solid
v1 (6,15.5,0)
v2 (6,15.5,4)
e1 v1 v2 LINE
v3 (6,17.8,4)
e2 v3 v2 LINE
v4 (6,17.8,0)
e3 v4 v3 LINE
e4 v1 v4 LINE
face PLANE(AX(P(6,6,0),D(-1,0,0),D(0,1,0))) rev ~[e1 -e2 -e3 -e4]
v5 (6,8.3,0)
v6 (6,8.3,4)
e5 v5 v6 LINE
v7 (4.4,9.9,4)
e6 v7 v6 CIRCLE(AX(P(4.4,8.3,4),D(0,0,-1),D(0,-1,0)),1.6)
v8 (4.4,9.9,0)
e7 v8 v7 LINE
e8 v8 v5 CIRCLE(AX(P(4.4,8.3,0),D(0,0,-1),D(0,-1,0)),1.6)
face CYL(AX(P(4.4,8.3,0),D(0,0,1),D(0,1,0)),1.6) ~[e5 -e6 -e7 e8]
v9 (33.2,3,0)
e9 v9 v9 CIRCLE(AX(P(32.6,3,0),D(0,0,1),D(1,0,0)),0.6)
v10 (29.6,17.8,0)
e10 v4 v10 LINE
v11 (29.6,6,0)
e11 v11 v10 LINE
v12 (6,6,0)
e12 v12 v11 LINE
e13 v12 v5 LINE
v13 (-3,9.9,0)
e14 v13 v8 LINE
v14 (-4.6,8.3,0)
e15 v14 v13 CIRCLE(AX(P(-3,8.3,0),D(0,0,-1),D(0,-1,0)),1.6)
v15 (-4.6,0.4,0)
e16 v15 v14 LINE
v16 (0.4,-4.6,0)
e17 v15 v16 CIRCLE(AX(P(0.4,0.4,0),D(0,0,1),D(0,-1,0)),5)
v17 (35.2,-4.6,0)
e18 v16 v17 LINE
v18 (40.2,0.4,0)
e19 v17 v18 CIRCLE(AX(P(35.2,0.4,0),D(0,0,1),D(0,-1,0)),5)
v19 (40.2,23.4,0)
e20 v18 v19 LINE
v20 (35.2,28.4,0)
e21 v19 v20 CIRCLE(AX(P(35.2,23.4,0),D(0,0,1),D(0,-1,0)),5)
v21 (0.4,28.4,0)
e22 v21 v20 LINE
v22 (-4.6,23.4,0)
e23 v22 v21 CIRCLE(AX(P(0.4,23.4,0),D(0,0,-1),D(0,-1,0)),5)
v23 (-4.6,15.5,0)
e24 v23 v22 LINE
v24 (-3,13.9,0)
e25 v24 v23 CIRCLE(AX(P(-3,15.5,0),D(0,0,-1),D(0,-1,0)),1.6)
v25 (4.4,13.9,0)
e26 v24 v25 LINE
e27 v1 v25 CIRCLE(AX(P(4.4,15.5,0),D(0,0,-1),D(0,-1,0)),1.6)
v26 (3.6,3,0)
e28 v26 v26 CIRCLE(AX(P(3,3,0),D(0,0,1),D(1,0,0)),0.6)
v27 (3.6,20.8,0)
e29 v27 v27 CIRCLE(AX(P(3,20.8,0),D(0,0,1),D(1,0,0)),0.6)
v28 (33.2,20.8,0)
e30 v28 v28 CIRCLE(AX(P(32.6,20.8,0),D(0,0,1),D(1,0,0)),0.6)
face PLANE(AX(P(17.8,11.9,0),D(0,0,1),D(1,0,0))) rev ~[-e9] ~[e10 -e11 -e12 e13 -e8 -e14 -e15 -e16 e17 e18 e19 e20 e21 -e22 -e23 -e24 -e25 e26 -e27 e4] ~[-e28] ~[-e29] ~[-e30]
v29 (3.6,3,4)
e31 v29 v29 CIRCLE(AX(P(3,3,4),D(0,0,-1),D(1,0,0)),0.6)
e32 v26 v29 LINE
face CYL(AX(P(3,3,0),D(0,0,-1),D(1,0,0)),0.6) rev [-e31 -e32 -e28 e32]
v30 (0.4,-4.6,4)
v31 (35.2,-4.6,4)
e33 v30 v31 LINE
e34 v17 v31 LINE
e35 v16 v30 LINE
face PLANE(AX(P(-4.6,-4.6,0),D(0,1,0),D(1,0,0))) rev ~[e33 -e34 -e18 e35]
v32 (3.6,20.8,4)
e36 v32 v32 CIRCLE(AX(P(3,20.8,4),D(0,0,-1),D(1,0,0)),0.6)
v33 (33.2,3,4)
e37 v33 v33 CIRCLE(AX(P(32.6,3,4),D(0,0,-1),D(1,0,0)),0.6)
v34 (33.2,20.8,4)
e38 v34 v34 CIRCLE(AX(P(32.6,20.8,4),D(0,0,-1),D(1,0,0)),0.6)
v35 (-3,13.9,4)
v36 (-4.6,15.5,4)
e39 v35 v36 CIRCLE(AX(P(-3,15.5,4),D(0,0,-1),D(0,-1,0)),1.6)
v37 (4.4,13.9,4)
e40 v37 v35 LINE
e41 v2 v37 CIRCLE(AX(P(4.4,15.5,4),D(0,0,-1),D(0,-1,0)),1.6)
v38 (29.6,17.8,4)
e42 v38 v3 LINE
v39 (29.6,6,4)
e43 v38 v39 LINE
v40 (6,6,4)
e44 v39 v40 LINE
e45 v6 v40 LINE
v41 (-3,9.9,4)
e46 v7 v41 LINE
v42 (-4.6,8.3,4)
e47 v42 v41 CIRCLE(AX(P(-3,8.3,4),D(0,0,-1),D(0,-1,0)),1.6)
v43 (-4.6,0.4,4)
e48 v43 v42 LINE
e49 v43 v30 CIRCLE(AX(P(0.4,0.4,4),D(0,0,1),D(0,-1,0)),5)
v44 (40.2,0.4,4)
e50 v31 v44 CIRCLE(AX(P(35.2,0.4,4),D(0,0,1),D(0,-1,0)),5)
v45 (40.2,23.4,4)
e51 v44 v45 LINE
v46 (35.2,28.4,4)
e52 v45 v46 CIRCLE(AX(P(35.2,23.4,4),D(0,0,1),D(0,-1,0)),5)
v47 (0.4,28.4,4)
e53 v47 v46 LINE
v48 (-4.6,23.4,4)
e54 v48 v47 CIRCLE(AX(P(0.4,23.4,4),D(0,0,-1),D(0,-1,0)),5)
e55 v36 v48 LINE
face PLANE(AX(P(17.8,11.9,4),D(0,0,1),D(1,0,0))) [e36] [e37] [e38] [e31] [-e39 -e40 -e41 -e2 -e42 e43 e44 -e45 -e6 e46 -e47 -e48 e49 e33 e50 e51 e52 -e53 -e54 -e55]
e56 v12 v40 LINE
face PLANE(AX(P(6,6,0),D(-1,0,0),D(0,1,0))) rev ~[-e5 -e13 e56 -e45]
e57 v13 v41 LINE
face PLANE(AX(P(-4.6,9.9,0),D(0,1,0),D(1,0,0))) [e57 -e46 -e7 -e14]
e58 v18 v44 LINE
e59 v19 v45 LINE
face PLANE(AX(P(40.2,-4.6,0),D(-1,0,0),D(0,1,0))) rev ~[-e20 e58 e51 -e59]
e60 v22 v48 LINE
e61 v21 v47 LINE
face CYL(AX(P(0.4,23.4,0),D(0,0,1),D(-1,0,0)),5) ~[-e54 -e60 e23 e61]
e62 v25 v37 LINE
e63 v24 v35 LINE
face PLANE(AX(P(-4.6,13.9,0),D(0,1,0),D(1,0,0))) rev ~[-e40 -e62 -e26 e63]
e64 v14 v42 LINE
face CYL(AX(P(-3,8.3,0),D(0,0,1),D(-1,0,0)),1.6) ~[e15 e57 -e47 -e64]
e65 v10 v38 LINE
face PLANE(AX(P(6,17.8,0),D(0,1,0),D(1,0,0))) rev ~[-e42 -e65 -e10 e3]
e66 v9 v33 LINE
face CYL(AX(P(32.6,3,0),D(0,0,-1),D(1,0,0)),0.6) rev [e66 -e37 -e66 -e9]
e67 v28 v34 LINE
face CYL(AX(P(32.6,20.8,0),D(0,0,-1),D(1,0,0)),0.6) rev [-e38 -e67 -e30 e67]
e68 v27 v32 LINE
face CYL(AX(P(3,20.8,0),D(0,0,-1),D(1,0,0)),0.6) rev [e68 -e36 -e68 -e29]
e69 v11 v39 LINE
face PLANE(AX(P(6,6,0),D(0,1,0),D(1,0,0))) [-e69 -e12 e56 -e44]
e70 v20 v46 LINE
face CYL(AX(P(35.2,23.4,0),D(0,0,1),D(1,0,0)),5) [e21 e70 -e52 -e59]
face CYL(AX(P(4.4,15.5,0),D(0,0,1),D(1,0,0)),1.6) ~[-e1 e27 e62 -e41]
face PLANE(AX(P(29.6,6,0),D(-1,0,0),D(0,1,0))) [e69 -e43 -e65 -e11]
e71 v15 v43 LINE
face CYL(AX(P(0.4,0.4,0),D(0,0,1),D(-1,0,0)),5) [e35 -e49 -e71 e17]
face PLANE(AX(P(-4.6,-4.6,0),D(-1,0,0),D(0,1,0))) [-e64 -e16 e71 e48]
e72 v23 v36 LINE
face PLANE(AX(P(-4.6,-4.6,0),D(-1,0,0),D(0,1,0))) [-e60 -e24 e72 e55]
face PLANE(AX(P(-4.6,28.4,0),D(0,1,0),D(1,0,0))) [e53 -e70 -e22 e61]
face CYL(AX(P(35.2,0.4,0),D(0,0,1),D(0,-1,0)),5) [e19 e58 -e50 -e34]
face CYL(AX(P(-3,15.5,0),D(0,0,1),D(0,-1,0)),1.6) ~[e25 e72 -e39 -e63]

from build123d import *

# Parameters (mm, degrees)
BOX014_W          = 23.6
BOX014_H          = 11.8
BOX014_DEPTH      = 10
BOX015_W          = 10.6
BOX015_H          = 4
BOX015_DEPTH      = 10
CYLINDER007_R     = 0.6
CYLINDER007_DEPTH = 10
ARRAY009_X_COUNT  = 2
ARRAY009_X_PITCH  = 29.6
ARRAY009_Y_COUNT  = 2
ARRAY009_Y_PITCH  = 17.8
BOX012_W          = 44.8
BOX012_H          = 33
BOX012_DEPTH      = 4
FILLET_R          = 5
FILLET003003_R    = 1.6


with BuildPart() as base_extraction_cube:
    # Box014 → Box014 (new body)
    with BuildSketch(Plane(origin=(6, 6, 0), x_dir=(1, 0, 0), z_dir=(0, 0, 1))):
        with Locations((11.8, 5.9)):
            Rectangle(BOX014_W, BOX014_H)
    extrude(amount=BOX014_DEPTH)


with BuildPart() as wire_channel:
    # Box015 → Box015 (new body)
    with BuildSketch(Plane(origin=(-4.6, 9.9, 0), x_dir=(1, 0, 0), z_dir=(0, 0, 1))):
        with Locations((5.3, 2)):
            Rectangle(BOX015_W, BOX015_H)
    extrude(amount=BOX015_DEPTH)


with BuildPart() as base_extract_fusion:
    # Cylinder007 → Cylinder007 (new body)
    with BuildSketch(Plane.XY):
        Circle(CYLINDER007_R)
    extrude(amount=CYLINDER007_DEPTH)

    # Array009 X: base extract fusion ×2


with BuildPart() as base_extract_fusion_1:
    add(base_extract_fusion.part)
    with Locations(*[(i * ARRAY009_X_PITCH, 0, 0) for i in range(1, ARRAY009_X_COUNT)]):
        add(base_extract_fusion.part)

    # Array009 Y: base extract fusion ×2


with BuildPart() as base_extract_fusion_2:
    add(base_extract_fusion_1.part)
    with Locations(*[(0, i * ARRAY009_Y_PITCH, 0) for i in range(1, ARRAY009_Y_COUNT)]):
        add(base_extract_fusion_1.part)


with BuildPart() as base_extract_fusion_3:
    # Array009 placement: moved
    add(base_extract_fusion_2.part.moved(Location((3, 3, 0))))

    # Fusion010: union base extraction cube, wire channel
    add(base_extraction_cube.part)
    add(wire_channel.part)


with BuildPart() as base_cut_fillet_no_ears:
    # Box012 → Box012 (new body)
    with BuildSketch(Plane(origin=(-4.6, -4.6, 0), x_dir=(1, 0, 0), z_dir=(0, 0, 1))):
        with Locations((22.4, 16.5)):
            Rectangle(BOX012_W, BOX012_H)
    extrude(amount=BOX012_DEPTH)

    # Fillet
    fillet_edges = [base_cut_fillet_no_ears.edges().sort_by_distance(p)[0] for p in [
        (-4.6, -4.6, 2),
        (-4.6, 28.4, 2),
        (40.2, -4.6, 2),
        (40.2, 28.4, 2),
    ]]
    fillet(fillet_edges, radius=FILLET_R)

    # Cut002003: cut base extract fusion
    add(base_extract_fusion_3.part, mode=Mode.SUBTRACT)

    # Fillet003003
    fillet003003_edges = [base_cut_fillet_no_ears.edges().sort_by_distance(p)[0] for p in [
        (-4.6, 9.9, 2),
        (6, 9.9, 2),
        (6, 13.9, 2),
        (-4.6, 13.9, 2),
    ]]
    fillet(fillet003003_edges, radius=FILLET003003_R)


solid = base_cut_fillet_no_ears.part
